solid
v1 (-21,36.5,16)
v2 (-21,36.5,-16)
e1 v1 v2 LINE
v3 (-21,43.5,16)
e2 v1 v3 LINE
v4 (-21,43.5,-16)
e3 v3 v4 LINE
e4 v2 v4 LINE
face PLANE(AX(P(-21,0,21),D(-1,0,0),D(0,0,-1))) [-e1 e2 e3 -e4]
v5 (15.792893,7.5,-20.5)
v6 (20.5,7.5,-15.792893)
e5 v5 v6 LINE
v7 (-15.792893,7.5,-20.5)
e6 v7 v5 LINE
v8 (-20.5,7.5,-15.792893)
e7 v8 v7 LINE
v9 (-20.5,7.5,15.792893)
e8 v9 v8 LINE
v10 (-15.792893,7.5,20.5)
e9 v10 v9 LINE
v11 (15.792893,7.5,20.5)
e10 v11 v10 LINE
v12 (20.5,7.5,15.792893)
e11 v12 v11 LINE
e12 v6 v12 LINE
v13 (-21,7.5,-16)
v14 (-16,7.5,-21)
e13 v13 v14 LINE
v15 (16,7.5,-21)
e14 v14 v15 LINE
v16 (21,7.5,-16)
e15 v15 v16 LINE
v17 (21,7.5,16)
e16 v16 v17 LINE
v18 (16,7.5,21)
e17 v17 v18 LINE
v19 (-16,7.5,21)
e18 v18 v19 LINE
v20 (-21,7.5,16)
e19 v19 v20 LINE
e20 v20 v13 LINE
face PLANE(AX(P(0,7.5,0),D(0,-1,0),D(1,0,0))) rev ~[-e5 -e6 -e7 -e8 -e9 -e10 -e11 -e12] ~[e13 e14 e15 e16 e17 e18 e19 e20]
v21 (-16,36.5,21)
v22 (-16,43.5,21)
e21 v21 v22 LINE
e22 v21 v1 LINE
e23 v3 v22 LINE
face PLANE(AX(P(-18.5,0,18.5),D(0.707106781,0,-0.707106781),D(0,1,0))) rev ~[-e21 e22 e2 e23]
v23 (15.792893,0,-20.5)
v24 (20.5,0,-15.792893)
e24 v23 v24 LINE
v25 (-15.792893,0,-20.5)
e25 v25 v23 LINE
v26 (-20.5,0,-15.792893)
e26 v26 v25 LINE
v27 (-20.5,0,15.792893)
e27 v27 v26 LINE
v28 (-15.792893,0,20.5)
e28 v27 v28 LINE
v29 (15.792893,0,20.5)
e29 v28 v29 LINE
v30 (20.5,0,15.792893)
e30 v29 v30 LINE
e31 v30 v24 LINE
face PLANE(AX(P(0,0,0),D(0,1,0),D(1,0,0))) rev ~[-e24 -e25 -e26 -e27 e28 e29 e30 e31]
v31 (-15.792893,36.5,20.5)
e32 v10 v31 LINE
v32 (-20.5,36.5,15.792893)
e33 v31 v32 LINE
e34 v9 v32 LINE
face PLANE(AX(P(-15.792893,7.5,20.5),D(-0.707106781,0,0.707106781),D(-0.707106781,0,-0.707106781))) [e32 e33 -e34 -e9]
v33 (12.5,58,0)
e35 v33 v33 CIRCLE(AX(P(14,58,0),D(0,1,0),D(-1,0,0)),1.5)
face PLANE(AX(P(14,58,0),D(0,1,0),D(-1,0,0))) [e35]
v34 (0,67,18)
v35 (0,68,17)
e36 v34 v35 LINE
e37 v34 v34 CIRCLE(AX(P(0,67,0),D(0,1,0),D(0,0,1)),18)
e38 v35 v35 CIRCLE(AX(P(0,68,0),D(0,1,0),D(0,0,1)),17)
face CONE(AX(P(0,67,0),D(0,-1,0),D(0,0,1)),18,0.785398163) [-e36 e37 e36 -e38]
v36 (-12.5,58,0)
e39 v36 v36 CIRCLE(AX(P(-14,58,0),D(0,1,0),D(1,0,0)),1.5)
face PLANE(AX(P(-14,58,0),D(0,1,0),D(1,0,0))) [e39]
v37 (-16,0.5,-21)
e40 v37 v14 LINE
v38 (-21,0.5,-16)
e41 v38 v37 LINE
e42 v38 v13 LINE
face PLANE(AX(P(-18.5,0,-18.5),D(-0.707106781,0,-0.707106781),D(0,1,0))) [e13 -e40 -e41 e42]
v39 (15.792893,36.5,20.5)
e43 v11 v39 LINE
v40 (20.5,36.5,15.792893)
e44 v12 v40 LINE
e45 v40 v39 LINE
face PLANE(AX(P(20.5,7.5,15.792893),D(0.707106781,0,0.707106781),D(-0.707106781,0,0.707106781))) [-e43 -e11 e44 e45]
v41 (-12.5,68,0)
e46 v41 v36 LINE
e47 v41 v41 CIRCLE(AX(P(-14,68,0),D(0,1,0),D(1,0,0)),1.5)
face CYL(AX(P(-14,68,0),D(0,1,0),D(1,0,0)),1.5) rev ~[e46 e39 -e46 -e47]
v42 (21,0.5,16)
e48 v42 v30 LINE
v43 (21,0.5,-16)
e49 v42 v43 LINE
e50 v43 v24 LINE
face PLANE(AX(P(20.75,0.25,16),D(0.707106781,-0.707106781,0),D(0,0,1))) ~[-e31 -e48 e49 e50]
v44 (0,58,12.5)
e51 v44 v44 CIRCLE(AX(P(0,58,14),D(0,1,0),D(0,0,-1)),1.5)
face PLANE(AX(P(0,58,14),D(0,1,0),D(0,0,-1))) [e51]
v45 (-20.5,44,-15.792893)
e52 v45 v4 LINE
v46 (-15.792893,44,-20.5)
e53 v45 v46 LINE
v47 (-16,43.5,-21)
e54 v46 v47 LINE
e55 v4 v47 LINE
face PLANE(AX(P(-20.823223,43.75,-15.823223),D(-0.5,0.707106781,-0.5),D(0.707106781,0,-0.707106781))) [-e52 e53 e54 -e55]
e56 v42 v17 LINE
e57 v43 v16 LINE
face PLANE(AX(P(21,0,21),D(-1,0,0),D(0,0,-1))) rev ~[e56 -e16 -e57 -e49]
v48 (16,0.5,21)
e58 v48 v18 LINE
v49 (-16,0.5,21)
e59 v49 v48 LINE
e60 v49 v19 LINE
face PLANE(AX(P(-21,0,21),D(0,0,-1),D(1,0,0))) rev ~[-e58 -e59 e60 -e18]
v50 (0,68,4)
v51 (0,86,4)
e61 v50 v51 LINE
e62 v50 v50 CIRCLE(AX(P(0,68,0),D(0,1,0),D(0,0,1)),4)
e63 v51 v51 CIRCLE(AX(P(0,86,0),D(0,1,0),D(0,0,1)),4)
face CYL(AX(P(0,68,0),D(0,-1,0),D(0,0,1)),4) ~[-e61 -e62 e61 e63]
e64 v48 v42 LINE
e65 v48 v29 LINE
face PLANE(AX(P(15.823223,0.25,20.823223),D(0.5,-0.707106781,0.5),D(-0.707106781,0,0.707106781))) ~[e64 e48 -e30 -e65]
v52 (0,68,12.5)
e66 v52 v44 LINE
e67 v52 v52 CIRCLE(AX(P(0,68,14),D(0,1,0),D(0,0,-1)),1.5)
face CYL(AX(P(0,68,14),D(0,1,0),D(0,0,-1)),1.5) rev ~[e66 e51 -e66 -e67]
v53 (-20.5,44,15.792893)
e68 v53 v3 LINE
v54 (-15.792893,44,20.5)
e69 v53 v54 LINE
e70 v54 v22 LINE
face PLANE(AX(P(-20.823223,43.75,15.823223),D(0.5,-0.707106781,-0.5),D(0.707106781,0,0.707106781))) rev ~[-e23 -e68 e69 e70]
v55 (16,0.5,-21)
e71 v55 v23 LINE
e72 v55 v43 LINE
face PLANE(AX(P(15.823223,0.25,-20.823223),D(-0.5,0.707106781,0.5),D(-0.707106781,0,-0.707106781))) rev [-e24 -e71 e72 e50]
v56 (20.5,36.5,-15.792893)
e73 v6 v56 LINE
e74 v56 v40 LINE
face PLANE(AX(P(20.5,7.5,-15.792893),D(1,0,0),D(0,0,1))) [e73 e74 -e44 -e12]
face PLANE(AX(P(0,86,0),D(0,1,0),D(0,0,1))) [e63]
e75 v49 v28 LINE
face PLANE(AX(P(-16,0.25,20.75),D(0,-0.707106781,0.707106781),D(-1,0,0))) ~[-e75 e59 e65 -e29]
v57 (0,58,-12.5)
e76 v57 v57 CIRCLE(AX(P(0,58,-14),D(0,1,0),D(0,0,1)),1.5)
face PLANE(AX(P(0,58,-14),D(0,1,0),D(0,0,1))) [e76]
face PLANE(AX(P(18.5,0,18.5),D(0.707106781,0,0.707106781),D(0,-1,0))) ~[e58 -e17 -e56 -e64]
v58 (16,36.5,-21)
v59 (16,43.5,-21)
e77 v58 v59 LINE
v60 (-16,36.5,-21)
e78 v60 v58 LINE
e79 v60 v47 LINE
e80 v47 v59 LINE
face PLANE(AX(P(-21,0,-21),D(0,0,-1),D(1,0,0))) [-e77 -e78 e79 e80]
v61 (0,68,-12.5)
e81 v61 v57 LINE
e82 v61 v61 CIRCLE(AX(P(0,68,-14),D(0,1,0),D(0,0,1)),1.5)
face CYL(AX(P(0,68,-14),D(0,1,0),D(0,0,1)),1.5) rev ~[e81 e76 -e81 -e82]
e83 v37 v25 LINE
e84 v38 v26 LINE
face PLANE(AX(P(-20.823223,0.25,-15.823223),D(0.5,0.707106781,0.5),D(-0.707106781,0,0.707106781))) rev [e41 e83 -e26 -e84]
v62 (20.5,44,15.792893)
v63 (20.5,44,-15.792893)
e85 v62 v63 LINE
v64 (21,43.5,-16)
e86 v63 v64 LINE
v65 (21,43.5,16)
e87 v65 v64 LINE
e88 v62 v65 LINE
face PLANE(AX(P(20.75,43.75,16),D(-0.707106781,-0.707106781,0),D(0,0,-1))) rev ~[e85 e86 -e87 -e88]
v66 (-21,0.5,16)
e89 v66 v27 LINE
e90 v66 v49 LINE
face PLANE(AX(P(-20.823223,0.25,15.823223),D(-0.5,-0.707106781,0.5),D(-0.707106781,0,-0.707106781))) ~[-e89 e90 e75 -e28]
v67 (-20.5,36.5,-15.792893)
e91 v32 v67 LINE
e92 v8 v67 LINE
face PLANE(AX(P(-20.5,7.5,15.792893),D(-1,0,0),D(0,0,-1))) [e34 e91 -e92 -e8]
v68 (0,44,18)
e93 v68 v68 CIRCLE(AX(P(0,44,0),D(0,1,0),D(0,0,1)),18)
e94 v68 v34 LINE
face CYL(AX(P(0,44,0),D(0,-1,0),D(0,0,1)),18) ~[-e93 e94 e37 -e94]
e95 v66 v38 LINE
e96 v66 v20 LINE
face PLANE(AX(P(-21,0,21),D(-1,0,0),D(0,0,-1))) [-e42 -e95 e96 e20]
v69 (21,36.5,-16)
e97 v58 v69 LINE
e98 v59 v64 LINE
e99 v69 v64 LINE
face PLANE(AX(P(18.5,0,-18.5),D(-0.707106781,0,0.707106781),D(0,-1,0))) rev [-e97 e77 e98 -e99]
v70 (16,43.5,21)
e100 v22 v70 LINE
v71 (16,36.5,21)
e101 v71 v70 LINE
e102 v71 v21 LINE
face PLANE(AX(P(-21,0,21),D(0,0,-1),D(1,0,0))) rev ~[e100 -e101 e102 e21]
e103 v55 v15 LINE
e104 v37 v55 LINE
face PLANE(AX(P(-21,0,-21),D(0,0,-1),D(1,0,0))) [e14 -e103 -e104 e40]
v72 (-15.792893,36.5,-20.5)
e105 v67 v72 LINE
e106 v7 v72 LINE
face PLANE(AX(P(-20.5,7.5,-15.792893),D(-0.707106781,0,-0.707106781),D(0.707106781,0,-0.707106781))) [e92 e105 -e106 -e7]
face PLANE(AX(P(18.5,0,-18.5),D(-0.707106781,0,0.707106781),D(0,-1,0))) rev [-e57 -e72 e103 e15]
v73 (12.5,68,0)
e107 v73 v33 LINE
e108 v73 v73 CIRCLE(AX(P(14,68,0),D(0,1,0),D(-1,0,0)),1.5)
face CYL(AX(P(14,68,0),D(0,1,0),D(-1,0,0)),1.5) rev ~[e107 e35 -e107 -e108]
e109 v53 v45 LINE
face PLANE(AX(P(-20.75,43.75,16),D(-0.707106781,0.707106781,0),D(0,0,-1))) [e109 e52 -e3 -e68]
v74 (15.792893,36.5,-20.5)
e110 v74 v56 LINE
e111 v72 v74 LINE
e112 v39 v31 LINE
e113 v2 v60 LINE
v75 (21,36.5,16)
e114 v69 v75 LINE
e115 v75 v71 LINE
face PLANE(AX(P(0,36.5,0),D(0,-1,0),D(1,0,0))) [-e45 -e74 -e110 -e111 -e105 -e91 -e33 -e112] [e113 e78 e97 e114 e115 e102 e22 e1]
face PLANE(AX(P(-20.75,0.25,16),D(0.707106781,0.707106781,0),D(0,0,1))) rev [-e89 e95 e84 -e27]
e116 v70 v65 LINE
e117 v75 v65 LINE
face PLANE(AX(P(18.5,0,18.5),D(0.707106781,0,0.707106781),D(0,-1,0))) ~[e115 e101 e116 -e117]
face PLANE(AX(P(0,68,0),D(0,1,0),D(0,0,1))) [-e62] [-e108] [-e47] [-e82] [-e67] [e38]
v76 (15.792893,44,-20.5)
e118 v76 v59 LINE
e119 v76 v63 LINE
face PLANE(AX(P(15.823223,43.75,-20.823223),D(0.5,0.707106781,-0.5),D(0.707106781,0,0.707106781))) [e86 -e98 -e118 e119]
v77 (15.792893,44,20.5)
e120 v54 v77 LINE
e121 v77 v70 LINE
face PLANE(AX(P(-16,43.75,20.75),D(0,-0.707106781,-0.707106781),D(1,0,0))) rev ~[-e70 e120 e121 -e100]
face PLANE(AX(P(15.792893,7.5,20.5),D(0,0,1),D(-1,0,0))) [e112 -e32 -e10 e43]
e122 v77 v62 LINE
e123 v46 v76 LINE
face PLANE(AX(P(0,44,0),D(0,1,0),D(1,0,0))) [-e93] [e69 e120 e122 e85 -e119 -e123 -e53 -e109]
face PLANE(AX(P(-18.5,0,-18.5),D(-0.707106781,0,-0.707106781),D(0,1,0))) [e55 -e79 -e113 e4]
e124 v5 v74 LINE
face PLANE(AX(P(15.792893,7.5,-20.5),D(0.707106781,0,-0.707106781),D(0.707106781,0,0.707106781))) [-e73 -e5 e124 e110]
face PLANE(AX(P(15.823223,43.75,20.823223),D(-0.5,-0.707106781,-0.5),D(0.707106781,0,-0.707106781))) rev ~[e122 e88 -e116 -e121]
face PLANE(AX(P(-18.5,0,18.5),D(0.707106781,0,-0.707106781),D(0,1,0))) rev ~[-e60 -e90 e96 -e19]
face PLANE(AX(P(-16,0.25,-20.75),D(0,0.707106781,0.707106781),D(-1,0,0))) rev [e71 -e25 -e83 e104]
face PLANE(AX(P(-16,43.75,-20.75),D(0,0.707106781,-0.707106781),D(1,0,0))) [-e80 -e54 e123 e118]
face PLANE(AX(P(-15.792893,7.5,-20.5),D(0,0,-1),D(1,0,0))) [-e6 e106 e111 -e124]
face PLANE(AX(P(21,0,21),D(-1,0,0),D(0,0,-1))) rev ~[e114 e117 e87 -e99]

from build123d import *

# Parameters (mm, degrees)
SKETCH1_W           = 42
SKETCH1_H           = 42
BOSS_EXTRUDE1_DEPTH = 44
SKETCH2_R           = 18
BOSS_EXTRUDE2_DEPTH = 24
SKETCH3_R           = 4
BOSS_EXTRUDE3_DEPTH = 18
CHAMFER1_SIZE       = 5
SKETCH4_R           = 1.5
CUT_EXTRUDE1_DEPTH  = 10
CIRPATTERN1_COUNT   = 4
CHAMFER2_SIZE       = 1
CUT_EXTRUDE2_START  = -7.5
CUT_EXTRUDE2_DEPTH  = 29
CHAMFER4_SIZE       = 0.5


with BuildPart() as part:
    # Sketch1 → Boss-Extrude1 (new body)
    with BuildSketch(Plane(origin=(0, 0, 0), x_dir=(1, 0, 0), z_dir=(0, 1, 0))):
        Rectangle(SKETCH1_W, SKETCH1_H)
    extrude(amount=BOSS_EXTRUDE1_DEPTH)

    # Sketch2 → Boss-Extrude2 (add)
    with BuildSketch(Plane(origin=(0, 44, 0), x_dir=(1, 0, 0), z_dir=(0, 1, 0))):
        with Locations(Location((0, 0, 0), (0, 0, 270))):
            Circle(SKETCH2_R)
    extrude(amount=BOSS_EXTRUDE2_DEPTH)

    # Sketch3 → Boss-Extrude3 (add)
    with BuildSketch(Plane(origin=(0, 68, 0), x_dir=(1, 0, 0), z_dir=(0, 1, 0))):
        with Locations(Location((0, 0, 0), (0, 0, 270))):
            Circle(SKETCH3_R)
    extrude(amount=BOSS_EXTRUDE3_DEPTH)

    # Chamfer1
    chamfer1_edges = [part.edges().sort_by_distance(p)[0] for p in [
        (21, 22, 21),
        (-21, 22, 21),
        (-21, 22, -21),
        (21, 22, -21),
    ]]
    chamfer(chamfer1_edges, length=CHAMFER1_SIZE)

    # Sketch4 → Cut-Extrude1 (cut)
    with BuildSketch(Plane(origin=(0, 68, 0), x_dir=(1, 0, 0), z_dir=(0, 1, 0))):
        with Locations(Location((0, 14, 0), (0, 0, 270))):
            Circle(SKETCH4_R)
    cut_extrude1 = extrude(amount=-CUT_EXTRUDE1_DEPTH, mode=Mode.SUBTRACT)

    # CirPattern1: Cut-Extrude1 ×4 about axis
    cirpattern1_axis = Axis((0, 0, 0), (0, 1, 0))
    for i in range(1, CIRPATTERN1_COUNT):
        add(cut_extrude1.rotate(cirpattern1_axis, i * 360 / CIRPATTERN1_COUNT), mode=Mode.SUBTRACT)

    # Chamfer2
    chamfer2_edges = [part.edges().sort_by_distance(p)[0] for p in [
        (0, 68, -18),
    ]]
    chamfer(chamfer2_edges, length=CHAMFER2_SIZE)

    # Sketch5 → Cut-Extrude2 (cut)
    with BuildSketch(Plane.XZ.offset(CUT_EXTRUDE2_START)):
        Polygon((-21, 16), (-21, -16), (-16, -21), (16, -21), (21, -16), (21, 16), (16, 21), (-16, 21), align=None)
        Polygon((-20.5, 15.792893219), (-20.5, -15.792893219), (-15.792893219, -20.5), (15.792893219, -20.5), (20.5, -15.792893219), (20.5, 15.792893219), (15.792893219, 20.5), (-15.792893219, 20.5), align=None, mode=Mode.SUBTRACT)
    extrude(amount=-CUT_EXTRUDE2_DEPTH, mode=Mode.SUBTRACT)

    # Chamfer4
    chamfer4_edges = [part.edges().sort_by_distance(p)[0] for p in [
        (-21, 0, 0),
        (-21, 44, 0),
        (21, 0, 0),
        (0, 0, 21),
        (0, 0, -21),
        (-18.5, 0, 18.5),
        (18.5, 0, 18.5),
        (18.5, 0, -18.5),
        (-18.5, 0, -18.5),
        (0, 44, -21),
        (21, 44, 0),
        (0, 44, 21),
        (-18.5, 44, 18.5),
        (18.5, 44, 18.5),
        (18.5, 44, -18.5),
        (-18.5, 44, -18.5),
    ]]
    chamfer(chamfer4_edges, length=CHAMFER4_SIZE)


solid = part.part
